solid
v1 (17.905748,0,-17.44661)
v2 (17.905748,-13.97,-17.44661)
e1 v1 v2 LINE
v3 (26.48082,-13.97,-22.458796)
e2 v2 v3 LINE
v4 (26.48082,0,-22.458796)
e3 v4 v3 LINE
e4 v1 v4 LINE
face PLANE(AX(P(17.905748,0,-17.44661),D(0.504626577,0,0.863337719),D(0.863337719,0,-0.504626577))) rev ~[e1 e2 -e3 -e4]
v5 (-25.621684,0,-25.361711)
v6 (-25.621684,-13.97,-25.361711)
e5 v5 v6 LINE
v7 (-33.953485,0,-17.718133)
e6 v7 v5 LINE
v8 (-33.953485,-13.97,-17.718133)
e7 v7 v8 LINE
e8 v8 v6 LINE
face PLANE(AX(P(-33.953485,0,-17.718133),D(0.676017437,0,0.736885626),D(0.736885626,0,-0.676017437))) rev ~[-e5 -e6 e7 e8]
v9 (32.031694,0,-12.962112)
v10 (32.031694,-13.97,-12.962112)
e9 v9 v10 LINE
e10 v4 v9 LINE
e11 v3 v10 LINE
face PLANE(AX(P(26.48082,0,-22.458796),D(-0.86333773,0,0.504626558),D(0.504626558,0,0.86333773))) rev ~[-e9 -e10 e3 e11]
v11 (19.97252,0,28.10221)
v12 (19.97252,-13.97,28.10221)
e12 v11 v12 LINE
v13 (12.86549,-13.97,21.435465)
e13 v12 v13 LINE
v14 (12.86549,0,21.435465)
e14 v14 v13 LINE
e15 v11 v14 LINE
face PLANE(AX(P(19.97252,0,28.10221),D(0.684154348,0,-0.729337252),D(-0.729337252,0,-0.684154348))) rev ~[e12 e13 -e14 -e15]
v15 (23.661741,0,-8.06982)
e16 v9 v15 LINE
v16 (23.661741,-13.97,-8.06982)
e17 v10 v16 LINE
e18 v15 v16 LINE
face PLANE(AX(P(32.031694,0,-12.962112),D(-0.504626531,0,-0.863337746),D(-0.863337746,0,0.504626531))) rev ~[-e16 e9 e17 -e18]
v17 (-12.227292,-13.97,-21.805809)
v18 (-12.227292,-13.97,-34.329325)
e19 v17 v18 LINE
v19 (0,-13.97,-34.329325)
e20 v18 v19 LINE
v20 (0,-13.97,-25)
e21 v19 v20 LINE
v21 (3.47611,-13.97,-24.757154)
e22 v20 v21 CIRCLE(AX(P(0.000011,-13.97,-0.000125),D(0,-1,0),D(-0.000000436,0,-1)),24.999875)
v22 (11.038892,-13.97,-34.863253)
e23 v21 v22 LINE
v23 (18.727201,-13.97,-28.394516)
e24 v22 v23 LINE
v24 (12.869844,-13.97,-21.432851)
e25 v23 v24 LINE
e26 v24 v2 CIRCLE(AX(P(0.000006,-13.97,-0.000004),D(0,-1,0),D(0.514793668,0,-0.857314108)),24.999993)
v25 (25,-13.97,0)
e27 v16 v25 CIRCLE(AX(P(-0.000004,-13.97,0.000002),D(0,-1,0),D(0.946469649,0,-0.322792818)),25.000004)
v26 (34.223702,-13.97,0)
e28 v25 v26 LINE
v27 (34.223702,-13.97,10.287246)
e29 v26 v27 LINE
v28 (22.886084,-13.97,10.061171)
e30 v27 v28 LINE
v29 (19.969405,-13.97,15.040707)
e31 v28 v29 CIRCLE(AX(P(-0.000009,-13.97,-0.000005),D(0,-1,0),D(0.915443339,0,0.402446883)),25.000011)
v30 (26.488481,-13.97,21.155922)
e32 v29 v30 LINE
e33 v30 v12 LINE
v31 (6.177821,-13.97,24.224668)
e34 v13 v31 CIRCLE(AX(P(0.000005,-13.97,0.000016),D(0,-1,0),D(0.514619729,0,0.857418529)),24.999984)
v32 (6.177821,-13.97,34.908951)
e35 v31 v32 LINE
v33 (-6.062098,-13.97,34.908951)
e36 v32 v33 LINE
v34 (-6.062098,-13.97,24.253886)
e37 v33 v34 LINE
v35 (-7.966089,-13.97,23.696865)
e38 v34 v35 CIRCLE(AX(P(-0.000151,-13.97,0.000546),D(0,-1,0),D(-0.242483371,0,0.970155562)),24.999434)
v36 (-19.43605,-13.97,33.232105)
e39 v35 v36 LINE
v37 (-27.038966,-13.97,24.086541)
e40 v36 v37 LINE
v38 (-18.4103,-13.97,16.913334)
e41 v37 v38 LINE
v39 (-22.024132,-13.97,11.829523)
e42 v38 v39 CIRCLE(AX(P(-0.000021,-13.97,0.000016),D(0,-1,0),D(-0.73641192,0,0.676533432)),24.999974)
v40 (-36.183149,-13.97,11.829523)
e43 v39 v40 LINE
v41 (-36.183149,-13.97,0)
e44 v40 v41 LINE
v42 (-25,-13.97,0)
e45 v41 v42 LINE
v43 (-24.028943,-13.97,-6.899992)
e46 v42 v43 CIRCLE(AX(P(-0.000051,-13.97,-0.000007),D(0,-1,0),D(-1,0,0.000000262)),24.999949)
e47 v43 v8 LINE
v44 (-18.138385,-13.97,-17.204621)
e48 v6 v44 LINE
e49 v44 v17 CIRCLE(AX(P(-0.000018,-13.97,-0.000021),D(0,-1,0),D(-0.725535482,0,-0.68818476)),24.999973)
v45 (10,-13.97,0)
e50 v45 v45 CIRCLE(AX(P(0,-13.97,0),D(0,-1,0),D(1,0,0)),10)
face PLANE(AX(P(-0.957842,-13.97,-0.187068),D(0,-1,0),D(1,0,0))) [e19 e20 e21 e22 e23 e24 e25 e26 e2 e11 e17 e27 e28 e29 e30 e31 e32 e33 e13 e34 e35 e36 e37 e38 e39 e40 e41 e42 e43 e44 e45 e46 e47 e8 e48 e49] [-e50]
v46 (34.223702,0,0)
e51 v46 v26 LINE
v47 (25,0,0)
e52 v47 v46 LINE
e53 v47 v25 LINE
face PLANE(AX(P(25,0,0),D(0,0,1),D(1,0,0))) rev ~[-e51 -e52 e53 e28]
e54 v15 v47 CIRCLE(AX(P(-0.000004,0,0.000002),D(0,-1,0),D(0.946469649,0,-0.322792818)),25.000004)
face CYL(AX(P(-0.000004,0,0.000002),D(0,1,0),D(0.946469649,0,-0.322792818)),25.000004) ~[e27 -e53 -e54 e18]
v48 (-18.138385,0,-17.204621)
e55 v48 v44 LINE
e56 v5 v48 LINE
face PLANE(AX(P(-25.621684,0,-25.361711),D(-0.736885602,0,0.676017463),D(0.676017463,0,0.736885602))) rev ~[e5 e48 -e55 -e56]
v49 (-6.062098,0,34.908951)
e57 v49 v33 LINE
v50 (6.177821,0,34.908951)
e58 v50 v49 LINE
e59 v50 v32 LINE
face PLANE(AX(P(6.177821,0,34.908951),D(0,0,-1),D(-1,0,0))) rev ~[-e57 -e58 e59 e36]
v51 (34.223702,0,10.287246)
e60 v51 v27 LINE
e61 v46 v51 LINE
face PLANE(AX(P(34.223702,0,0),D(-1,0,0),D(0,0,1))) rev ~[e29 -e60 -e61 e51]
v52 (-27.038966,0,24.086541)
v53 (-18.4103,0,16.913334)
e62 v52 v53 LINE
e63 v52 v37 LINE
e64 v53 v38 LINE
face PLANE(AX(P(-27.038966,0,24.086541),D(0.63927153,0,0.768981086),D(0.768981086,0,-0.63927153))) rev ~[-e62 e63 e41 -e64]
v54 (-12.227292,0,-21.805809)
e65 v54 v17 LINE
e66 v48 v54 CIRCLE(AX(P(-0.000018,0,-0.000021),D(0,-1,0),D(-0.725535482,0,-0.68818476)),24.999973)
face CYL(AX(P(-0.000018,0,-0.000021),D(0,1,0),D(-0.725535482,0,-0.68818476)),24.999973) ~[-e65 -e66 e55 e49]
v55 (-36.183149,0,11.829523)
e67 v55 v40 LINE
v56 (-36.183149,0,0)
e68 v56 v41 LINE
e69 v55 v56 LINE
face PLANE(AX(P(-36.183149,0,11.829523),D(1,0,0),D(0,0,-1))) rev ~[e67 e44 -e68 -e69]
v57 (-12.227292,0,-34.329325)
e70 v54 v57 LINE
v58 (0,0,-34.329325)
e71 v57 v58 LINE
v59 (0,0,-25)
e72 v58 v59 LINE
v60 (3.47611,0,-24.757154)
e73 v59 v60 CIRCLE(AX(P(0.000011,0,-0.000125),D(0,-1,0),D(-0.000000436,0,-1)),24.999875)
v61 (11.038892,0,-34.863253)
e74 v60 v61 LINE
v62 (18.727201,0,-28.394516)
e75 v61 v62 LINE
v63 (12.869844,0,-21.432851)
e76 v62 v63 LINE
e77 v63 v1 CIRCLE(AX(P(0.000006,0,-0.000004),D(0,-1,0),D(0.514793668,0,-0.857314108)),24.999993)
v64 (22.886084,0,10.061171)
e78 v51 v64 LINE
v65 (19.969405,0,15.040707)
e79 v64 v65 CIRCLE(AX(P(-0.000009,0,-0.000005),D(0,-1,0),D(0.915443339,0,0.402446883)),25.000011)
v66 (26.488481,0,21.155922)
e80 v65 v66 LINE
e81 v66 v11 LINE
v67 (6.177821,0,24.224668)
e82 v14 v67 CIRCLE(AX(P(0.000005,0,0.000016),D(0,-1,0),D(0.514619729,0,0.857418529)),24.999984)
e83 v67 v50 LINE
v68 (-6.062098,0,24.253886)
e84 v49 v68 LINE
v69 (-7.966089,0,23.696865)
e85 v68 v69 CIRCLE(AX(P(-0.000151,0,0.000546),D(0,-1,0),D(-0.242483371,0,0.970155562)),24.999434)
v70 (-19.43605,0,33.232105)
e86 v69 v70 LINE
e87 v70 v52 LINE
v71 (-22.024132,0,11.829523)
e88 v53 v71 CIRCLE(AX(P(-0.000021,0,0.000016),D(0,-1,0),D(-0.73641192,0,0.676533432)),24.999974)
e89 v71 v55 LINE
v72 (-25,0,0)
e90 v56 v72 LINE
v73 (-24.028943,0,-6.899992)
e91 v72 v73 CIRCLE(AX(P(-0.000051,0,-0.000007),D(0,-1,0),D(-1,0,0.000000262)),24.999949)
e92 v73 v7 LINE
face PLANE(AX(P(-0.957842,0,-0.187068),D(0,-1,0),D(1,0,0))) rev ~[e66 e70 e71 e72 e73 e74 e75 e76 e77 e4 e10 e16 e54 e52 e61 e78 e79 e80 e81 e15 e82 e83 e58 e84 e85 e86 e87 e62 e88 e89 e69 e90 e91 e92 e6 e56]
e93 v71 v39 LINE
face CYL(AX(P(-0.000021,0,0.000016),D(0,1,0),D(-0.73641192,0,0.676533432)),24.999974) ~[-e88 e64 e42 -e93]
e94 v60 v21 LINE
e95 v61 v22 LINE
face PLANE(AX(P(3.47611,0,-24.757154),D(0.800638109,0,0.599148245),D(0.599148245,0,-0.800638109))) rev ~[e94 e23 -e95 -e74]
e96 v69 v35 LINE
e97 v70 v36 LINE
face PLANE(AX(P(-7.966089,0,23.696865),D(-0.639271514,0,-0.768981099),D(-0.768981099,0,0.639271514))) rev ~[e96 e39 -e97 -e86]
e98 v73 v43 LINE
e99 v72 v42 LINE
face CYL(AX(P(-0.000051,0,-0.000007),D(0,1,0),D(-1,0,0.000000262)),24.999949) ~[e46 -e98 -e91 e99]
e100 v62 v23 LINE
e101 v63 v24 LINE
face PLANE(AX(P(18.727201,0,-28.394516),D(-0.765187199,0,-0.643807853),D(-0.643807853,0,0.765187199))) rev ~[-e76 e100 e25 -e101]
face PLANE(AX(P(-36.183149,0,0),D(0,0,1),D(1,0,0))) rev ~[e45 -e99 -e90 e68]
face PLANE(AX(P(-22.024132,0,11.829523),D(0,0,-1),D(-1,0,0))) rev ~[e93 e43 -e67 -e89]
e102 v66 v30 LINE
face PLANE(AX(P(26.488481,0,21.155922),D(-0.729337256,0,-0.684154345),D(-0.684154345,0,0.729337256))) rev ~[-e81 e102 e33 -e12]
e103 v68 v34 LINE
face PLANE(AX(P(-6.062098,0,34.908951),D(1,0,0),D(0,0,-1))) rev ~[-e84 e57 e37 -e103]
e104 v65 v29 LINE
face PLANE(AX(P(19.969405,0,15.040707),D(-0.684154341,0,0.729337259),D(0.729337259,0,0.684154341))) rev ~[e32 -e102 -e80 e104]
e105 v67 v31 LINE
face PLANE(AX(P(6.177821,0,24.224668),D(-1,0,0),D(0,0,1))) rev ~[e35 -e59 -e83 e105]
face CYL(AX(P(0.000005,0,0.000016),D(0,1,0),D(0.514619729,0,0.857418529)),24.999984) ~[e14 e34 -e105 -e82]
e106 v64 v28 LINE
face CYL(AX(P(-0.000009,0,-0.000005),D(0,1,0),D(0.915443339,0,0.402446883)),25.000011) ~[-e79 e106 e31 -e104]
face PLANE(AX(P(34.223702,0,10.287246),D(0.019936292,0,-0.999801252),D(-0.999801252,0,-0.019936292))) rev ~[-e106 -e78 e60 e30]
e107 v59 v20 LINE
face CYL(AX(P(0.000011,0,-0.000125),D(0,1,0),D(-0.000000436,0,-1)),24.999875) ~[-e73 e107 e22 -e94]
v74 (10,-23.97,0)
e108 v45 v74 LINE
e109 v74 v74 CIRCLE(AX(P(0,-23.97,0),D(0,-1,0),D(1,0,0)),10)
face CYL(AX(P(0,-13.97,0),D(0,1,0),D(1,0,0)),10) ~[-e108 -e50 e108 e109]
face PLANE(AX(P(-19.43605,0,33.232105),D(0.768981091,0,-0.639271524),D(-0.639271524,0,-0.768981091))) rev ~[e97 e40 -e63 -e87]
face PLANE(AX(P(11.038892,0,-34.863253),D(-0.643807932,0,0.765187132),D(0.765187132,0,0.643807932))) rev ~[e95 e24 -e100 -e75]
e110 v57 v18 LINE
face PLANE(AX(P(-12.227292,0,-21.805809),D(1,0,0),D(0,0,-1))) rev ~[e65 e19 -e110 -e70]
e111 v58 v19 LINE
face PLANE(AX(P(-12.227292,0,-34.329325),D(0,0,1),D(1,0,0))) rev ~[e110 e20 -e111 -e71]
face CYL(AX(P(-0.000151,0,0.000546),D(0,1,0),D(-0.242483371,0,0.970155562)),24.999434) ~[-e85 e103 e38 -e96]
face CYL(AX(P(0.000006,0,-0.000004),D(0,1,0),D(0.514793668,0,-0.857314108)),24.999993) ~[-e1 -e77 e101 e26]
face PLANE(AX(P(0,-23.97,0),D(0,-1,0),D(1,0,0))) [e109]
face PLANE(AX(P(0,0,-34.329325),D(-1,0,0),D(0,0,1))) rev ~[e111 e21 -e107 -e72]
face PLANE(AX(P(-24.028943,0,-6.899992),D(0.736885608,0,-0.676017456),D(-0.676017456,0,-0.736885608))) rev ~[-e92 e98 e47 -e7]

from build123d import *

# Parameters (mm, degrees)
F1_DEPTH = 13.97
F2_R     = 10
F3_DEPTH = 10


with BuildPart() as f1:
    # F0 (on Front) → F1 (new body)
    with BuildSketch(Plane.XZ):
        with BuildLine():
            Line((-27.038966, 24.086541), (-18.4103, 16.913334))
            ThreePointArc((-18.4103, 16.913334), (-20.376386, 14.484575), (-22.024132, 11.829523))
            Line((-22.024132, 11.829523), (-36.183149, 11.829523))
            Line((-36.183149, 11.829523), (-36.183149, 0))
            Line((-36.183149, 0), (-25, 0))
            ThreePointArc((-25, 0), (-24.756046, -3.483993), (-24.028943, -6.899992))
            Line((-24.028943, -6.899992), (-33.953485, -17.718133))
            Line((-33.953485, -17.718133), (-25.621684, -25.361711))
            Line((-25.621684, -25.361711), (-18.138385, -17.204621))
            ThreePointArc((-18.138385, -17.204621), (-15.35615, -19.727865), (-12.227292, -21.805809))
            Line((-12.227292, -21.805809), (-12.227292, -34.329325))
            Line((-12.227292, -34.329325), (0, -34.329325))
            Line((0, -34.329325), (0, -25))
            ThreePointArc((0, -25), (1.742291, -24.939215), (3.47611, -24.757154))
            Line((3.47611, -24.757154), (11.038892, -34.863253))
            Line((11.038892, -34.863253), (18.727201, -28.394516))
            Line((18.727201, -28.394516), (12.869844, -21.432851))
            ThreePointArc((12.869844, -21.432851), (15.516339, -19.602123), (17.905748, -17.44661))
            Line((17.905748, -17.44661), (26.48082, -22.458796))
            Line((26.48082, -22.458796), (32.031694, -12.962112))
            Line((32.031694, -12.962112), (23.661741, -8.06982))
            ThreePointArc((23.661741, -8.06982), (24.663166, -4.090016), (25, 0))
            Line((25, 0), (34.223702, 0))
            Line((34.223702, 0), (34.223702, 10.287246))
            Line((34.223702, 10.287246), (22.886084, 10.061171))
            ThreePointArc((22.886084, 10.061171), (21.571907, 12.63538), (19.969405, 15.040707))
            Line((19.969405, 15.040707), (26.488481, 21.155922))
            Line((26.488481, 21.155922), (19.97252, 28.10221))
            Line((19.97252, 28.10221), (12.86549, 21.435465))
            ThreePointArc((12.86549, 21.435465), (9.623244, 23.073647), (6.177821, 24.224668))
            Line((6.177821, 24.224668), (6.177821, 34.908951))
            Line((6.177821, 34.908951), (-6.062098, 34.908951))
            Line((-6.062098, 34.908951), (-6.062098, 24.253886))
            ThreePointArc((-6.062098, 24.253886), (-7.019621, 23.994269), (-7.966089, 23.696865))
            Line((-7.966089, 23.696865), (-19.43605, 33.232105))
            Line((-19.43605, 33.232105), (-27.038966, 24.086541))
        make_face()
    extrude(amount=F1_DEPTH)

    # F2 (on face) → F3 (join)
    with BuildSketch(Plane.XZ.offset(13.97)):
        Circle(F2_R)
    extrude(amount=F3_DEPTH)


solid = f1.part
